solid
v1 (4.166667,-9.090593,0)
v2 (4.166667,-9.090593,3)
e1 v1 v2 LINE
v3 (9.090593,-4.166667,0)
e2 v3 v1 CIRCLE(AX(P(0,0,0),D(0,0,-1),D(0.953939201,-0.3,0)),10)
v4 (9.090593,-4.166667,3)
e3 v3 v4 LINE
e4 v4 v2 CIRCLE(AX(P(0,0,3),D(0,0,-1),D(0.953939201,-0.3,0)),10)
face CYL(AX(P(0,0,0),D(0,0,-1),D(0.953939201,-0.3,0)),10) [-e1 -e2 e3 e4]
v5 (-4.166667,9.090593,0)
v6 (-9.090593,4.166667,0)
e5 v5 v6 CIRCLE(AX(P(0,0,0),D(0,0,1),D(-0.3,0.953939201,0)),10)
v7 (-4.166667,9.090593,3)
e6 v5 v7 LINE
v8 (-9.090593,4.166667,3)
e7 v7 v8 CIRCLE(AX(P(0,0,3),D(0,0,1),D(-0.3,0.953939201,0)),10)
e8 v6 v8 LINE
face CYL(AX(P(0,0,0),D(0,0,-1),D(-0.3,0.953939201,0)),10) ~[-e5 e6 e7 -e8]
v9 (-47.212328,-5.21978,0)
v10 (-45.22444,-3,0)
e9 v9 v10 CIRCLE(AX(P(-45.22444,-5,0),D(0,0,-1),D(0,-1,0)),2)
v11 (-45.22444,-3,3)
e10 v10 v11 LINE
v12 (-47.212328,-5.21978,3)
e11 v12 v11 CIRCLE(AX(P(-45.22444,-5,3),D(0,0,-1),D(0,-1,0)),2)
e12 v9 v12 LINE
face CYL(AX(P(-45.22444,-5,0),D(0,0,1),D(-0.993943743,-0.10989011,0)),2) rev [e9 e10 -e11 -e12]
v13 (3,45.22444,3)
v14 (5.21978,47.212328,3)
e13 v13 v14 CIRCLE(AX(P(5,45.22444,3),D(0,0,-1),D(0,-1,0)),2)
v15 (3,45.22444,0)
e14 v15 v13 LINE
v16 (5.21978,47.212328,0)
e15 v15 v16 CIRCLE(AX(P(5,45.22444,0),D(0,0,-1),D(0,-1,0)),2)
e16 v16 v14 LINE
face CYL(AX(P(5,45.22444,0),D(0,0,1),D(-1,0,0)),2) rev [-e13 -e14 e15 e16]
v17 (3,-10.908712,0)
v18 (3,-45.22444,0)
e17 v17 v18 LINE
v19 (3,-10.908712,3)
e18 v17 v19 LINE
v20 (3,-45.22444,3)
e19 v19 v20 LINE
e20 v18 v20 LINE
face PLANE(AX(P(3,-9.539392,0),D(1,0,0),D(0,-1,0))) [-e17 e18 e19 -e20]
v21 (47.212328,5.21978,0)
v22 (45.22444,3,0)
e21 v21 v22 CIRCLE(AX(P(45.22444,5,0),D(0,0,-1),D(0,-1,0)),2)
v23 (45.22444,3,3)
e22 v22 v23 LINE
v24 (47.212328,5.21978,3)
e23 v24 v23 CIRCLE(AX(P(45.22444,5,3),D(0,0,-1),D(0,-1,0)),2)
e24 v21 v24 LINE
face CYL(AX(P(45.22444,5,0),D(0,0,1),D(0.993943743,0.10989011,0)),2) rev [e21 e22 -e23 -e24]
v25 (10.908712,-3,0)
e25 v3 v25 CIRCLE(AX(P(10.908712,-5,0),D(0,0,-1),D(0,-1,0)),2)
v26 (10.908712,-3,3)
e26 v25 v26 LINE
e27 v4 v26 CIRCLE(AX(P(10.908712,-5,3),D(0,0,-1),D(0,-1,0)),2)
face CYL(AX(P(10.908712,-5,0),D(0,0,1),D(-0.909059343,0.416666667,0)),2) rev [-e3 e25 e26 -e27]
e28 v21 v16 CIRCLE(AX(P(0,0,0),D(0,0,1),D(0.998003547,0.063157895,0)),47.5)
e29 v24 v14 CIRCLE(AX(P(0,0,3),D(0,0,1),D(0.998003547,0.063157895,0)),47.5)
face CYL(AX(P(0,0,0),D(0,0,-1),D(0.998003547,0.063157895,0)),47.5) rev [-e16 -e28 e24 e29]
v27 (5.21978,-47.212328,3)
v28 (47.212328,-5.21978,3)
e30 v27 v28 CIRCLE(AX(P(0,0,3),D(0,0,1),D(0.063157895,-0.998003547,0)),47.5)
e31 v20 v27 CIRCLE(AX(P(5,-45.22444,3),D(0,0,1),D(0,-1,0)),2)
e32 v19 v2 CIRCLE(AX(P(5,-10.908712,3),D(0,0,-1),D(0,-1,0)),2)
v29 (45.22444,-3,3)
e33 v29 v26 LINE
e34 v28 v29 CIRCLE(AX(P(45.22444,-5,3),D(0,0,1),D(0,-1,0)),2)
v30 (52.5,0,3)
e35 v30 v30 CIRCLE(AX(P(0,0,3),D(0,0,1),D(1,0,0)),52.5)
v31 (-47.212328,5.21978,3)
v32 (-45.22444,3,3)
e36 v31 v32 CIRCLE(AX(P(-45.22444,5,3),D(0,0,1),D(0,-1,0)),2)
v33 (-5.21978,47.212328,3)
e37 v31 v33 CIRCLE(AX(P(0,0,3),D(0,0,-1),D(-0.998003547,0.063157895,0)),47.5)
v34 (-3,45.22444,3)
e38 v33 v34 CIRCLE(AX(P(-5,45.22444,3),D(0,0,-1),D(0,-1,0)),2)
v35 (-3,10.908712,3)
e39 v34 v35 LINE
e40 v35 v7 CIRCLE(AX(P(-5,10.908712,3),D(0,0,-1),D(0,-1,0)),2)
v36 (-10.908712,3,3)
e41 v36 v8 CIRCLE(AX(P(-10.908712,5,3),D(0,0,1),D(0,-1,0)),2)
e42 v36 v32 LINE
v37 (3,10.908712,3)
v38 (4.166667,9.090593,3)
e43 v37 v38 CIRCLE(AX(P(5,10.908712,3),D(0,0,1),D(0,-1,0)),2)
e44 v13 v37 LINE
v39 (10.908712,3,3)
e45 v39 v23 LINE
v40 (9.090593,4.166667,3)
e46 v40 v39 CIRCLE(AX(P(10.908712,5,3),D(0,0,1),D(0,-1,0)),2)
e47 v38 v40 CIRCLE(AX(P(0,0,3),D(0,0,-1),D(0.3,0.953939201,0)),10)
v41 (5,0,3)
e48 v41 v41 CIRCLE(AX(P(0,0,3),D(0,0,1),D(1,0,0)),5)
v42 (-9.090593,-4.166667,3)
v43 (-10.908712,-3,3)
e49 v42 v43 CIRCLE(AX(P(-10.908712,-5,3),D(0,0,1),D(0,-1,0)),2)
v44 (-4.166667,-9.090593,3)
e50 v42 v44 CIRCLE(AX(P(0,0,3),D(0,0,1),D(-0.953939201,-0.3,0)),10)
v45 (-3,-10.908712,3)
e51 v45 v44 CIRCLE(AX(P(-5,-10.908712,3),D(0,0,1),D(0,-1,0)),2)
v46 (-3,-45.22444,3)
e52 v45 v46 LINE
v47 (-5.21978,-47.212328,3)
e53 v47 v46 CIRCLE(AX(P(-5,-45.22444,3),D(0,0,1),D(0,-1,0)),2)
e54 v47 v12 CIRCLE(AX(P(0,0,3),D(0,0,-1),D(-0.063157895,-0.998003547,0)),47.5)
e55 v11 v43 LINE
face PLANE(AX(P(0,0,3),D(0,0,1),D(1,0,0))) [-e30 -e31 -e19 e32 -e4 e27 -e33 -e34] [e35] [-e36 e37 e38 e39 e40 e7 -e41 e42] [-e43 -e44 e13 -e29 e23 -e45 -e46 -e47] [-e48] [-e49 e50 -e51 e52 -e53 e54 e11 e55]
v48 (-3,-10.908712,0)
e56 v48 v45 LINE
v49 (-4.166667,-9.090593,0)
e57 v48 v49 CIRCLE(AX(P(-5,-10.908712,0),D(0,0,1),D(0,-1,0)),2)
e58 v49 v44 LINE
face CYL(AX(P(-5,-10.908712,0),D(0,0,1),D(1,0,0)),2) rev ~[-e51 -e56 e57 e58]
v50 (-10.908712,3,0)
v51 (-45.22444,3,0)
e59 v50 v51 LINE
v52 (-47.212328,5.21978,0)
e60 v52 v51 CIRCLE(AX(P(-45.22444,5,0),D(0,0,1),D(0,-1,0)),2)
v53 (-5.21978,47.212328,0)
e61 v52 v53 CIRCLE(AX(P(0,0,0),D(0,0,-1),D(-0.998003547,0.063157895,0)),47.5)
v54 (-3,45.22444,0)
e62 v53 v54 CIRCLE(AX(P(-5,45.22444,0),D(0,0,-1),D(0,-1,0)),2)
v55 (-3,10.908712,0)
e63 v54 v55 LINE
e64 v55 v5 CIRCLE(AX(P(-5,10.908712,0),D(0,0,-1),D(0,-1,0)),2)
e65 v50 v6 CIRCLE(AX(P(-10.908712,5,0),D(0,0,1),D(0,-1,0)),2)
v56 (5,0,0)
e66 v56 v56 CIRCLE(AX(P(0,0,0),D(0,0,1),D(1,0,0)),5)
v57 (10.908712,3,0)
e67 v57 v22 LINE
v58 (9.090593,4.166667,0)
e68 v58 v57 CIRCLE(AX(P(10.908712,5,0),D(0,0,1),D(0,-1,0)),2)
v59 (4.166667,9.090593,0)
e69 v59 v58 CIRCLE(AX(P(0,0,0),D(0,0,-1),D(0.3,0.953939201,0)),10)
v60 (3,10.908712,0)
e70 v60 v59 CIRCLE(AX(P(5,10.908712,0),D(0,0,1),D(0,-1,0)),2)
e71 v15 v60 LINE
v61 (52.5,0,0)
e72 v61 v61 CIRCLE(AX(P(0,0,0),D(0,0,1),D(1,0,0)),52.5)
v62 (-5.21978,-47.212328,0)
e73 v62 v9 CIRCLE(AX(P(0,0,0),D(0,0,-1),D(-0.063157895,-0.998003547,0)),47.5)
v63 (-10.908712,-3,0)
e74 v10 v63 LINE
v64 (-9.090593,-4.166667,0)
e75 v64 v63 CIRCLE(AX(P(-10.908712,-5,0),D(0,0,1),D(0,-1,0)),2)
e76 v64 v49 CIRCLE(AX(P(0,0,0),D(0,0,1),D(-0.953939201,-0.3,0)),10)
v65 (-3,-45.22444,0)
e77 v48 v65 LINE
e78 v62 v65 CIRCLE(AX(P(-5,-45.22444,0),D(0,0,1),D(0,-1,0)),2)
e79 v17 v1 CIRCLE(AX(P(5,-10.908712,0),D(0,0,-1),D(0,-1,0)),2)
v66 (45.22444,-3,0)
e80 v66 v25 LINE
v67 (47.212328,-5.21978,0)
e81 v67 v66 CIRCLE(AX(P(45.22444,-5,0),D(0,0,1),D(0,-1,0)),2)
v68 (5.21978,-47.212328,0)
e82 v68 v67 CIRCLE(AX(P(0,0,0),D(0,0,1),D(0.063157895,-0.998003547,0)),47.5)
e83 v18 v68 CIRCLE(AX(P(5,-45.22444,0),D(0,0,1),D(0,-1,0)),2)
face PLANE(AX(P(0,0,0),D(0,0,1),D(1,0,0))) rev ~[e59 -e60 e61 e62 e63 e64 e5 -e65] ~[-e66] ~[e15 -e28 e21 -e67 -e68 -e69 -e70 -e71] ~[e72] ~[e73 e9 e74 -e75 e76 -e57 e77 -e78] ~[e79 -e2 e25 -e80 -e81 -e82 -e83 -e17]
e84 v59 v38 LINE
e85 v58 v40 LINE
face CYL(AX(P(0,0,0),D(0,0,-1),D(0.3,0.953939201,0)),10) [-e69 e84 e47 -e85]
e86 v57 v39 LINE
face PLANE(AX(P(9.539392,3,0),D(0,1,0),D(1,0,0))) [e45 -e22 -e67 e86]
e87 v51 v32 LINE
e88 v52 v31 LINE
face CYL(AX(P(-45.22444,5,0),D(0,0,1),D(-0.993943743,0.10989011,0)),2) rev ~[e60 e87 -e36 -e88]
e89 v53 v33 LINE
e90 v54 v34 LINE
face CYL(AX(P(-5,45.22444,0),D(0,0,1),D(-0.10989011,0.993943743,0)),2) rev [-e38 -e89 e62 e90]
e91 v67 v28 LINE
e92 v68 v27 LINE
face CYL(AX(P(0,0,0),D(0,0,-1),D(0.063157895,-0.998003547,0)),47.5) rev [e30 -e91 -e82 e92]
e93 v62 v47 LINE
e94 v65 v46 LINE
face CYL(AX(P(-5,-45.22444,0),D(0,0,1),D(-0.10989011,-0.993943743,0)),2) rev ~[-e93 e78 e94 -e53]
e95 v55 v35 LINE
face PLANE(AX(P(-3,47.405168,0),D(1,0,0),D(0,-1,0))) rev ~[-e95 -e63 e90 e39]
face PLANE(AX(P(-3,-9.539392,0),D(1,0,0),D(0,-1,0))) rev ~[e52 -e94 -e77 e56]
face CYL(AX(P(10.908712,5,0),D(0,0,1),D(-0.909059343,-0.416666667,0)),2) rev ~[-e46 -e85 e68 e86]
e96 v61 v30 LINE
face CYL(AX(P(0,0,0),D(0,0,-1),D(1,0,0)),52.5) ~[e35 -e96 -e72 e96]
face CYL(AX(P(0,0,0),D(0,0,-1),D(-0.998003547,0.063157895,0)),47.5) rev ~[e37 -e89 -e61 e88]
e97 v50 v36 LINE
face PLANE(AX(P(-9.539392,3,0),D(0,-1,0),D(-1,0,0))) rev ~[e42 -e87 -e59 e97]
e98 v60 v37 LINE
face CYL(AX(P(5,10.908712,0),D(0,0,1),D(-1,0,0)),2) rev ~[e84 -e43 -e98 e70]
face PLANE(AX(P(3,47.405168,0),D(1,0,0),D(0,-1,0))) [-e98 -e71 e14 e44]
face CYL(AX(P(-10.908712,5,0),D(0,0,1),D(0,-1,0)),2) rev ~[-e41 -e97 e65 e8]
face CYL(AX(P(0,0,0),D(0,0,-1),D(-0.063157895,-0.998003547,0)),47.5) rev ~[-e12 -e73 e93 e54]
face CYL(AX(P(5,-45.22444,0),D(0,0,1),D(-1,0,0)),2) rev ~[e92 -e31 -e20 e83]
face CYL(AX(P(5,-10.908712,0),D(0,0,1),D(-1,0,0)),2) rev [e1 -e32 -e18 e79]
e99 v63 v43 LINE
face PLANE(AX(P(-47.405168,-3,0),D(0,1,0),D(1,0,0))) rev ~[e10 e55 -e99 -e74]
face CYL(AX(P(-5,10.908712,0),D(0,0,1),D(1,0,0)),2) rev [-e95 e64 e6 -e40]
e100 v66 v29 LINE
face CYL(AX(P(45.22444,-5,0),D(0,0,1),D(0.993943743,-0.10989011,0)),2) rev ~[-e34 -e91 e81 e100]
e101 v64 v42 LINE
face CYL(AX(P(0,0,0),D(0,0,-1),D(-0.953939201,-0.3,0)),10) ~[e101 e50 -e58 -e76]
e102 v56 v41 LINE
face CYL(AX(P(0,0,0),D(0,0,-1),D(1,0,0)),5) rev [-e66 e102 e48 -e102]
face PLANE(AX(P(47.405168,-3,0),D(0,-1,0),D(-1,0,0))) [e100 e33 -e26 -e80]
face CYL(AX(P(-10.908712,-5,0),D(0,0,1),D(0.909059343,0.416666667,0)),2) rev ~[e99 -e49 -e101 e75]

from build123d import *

# Parameters (mm, degrees)
SKETCH_1_R      = 52.5
SKETCH_1_R_2    = 5
EXTRUDE_1_DEPTH = 3
FILLET_1_R      = 2


with BuildPart() as part:
    # 草图1 → 凸台-拉伸1 (new body)
    with BuildSketch(Plane.XY):
        Circle(SKETCH_1_R)
        Circle(SKETCH_1_R_2, mode=Mode.SUBTRACT)
        with BuildLine():
            Line((3, 47.405168495), (3, 9.539392014))
            ThreePointArc((3, 9.539392014), (7.071067812, 7.071067812), (9.539392014, 3))
            Line((9.539392014, 3), (47.405168495, 3))
            ThreePointArc((47.405168495, 3), (33.587572106, 33.587572106), (3, 47.405168495))
        make_face(mode=Mode.SUBTRACT)
        with BuildLine():
            Line((3, -9.539392014), (3, -47.405168495))
            ThreePointArc((3, -47.405168495), (33.587572106, -33.587572106), (47.405168495, -3))
            Line((47.405168495, -3), (9.539392014, -3))
            ThreePointArc((9.539392014, -3), (7.071067812, -7.071067812), (3, -9.539392014))
        make_face(mode=Mode.SUBTRACT)
        with BuildLine():
            Line((-3, 47.405168495), (-3, 9.539392014))
            ThreePointArc((-3, 9.539392014), (-7.071067812, 7.071067812), (-9.539392014, 3))
            Line((-9.539392014, 3), (-47.405168495, 3))
            ThreePointArc((-47.405168495, 3), (-33.587572106, 33.587572106), (-3, 47.405168495))
        make_face(mode=Mode.SUBTRACT)
        with BuildLine():
            Line((-47.405168495, -3), (-9.539392014, -3))
            ThreePointArc((-9.539392014, -3), (-7.071067812, -7.071067812), (-3, -9.539392014))
            Line((-3, -9.539392014), (-3, -47.405168495))
            ThreePointArc((-3, -47.405168495), (-33.587572106, -33.587572106), (-47.405168495, -3))
        make_face(mode=Mode.SUBTRACT)
    extrude(amount=EXTRUDE_1_DEPTH)

    # 圆角1
    fillet_1_edges = [part.edges().sort_by_distance(p)[0] for p in [
        (-3, 47.405168495, 1.5),
        (-47.405168495, 3, 1.5),
        (-9.539392014, 3, 1.5),
        (-3, 9.539392014, 1.5),
        (3, -47.405168495, 1.5),
        (47.405168495, -3, 1.5),
        (9.539392014, -3, 1.5),
        (3, -9.539392014, 1.5),
        (-47.405168495, -3, 1.5),
        (-3, -47.405168495, 1.5),
        (-3, -9.539392014, 1.5),
        (-9.539392014, -3, 1.5),
        (3, 9.539392014, 1.5),
        (9.539392014, 3, 1.5),
        (47.405168495, 3, 1.5),
        (3, 47.405168495, 1.5),
    ]]
    fillet(fillet_1_edges, radius=FILLET_1_R)


solid = part.part
